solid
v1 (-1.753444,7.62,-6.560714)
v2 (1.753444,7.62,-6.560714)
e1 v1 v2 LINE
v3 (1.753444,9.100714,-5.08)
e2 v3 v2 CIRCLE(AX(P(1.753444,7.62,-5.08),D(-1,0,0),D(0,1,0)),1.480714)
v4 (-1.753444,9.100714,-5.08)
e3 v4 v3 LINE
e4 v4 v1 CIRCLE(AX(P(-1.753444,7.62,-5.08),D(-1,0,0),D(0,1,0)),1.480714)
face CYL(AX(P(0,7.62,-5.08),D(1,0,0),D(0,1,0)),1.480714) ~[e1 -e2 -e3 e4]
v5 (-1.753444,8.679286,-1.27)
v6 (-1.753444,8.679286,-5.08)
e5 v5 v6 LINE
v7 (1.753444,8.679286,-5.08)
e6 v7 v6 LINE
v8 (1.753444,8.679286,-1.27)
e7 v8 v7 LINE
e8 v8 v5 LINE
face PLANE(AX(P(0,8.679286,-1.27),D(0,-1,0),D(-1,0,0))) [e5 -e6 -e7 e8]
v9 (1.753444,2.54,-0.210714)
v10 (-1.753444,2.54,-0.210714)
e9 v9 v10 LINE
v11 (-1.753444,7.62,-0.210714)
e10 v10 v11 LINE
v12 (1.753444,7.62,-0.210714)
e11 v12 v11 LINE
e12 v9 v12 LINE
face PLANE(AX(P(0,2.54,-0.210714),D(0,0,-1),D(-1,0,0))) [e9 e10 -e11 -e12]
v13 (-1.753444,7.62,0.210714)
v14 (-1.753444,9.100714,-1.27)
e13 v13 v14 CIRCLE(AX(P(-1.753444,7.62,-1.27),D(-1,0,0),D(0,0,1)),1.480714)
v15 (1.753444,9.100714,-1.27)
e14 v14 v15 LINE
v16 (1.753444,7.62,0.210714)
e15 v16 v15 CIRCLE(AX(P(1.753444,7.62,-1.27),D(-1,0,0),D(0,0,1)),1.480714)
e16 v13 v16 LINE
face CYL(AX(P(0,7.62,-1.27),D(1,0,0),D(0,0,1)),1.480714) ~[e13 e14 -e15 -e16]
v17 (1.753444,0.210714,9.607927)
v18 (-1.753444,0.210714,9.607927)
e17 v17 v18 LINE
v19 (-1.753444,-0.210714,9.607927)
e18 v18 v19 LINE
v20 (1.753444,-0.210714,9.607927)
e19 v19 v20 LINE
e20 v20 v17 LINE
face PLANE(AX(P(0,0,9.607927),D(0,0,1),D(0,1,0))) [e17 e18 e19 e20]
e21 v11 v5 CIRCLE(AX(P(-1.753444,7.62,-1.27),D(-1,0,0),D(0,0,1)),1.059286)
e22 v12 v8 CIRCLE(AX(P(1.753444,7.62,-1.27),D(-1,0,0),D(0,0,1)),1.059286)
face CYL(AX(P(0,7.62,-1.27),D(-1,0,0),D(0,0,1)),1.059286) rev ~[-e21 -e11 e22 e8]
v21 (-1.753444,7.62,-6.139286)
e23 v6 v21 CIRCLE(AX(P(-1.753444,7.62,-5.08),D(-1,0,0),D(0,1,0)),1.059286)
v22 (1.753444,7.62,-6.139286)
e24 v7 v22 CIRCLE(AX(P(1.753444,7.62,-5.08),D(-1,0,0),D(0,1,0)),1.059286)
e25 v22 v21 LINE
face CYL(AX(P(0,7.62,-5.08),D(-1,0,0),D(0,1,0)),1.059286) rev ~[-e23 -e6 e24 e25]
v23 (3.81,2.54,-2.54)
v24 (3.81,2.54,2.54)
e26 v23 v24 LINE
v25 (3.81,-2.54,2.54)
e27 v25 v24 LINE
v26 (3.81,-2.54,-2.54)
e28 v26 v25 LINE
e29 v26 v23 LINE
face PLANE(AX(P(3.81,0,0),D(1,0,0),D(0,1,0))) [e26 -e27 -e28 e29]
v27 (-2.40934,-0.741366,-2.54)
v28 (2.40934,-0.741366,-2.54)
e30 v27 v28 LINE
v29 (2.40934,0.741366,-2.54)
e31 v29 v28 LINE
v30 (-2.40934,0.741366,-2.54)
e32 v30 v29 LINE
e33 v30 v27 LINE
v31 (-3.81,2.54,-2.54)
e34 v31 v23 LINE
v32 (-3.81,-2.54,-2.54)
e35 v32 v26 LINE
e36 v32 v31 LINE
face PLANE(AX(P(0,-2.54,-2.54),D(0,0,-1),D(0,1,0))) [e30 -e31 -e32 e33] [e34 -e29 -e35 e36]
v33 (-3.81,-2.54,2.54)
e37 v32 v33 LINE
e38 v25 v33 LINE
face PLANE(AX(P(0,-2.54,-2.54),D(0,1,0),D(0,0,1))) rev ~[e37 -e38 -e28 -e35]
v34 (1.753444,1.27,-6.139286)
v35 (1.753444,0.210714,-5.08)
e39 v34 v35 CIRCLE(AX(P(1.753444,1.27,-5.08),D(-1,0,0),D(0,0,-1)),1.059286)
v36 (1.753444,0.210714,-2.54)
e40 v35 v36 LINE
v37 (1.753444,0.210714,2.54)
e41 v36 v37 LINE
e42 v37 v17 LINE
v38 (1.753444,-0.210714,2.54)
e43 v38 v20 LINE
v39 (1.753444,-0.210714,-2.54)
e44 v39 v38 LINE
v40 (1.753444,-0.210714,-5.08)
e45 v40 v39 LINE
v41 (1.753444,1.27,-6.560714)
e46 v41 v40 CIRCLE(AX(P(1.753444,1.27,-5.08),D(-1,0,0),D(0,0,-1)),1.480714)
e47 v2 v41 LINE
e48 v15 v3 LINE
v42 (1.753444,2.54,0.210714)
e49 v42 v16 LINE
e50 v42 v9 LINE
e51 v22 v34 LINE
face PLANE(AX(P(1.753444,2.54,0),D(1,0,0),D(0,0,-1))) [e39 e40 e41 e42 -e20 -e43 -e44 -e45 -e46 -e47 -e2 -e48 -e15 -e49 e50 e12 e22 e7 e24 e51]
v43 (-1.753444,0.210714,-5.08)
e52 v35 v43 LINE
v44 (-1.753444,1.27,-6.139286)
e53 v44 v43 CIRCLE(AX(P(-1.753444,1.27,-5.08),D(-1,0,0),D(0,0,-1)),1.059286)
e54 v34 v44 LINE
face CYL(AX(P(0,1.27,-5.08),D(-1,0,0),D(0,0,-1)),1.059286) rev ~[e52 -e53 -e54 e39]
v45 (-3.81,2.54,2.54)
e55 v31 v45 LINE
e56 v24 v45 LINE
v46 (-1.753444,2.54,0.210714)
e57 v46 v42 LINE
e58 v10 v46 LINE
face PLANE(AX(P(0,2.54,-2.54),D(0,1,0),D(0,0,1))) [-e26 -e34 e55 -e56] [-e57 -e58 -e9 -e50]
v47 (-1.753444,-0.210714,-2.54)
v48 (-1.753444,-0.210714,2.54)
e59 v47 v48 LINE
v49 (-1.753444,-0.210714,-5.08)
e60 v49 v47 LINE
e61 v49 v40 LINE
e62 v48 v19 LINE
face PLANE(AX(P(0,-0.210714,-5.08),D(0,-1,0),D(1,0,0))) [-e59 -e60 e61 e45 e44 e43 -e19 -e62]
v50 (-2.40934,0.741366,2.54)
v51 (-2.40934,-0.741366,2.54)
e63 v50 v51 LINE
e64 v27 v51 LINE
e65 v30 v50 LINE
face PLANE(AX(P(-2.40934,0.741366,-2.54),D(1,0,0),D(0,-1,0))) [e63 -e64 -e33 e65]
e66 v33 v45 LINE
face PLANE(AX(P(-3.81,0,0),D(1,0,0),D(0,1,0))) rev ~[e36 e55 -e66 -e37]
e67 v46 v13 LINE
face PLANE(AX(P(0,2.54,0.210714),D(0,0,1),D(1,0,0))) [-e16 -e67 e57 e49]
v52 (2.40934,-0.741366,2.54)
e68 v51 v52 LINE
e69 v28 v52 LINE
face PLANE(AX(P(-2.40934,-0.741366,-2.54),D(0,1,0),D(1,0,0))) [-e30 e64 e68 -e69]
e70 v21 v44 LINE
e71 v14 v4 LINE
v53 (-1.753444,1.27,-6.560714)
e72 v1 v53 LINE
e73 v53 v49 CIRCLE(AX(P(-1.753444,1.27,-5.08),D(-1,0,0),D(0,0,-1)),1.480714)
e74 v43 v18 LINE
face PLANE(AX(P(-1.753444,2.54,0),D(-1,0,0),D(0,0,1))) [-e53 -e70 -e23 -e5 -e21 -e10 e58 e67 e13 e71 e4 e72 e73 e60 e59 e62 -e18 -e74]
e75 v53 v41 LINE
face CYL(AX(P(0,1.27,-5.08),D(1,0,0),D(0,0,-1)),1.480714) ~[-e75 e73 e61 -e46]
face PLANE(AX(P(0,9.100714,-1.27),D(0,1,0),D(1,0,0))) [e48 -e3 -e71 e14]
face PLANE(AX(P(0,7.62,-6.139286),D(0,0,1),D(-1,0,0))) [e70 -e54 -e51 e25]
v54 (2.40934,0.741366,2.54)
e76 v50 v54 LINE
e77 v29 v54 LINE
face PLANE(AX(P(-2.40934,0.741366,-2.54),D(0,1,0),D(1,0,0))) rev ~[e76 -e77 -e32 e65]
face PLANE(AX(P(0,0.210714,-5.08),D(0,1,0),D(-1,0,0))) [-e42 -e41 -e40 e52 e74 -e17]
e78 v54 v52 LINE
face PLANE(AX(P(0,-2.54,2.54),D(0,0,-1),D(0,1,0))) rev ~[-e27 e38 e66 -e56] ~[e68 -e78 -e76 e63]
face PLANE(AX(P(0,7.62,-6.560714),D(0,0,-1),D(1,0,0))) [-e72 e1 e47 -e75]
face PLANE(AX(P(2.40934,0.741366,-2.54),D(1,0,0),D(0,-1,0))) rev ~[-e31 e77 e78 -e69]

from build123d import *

# Parameters (mm, degrees)
F0_W     = 5.08
F0_H     = 5.08
F1_DEPTH = 3.81
F3_W     = 3.506887937
F3_H     = 0.4214280925
F5_W     = 4.8186806962
F5_H     = 1.4827313134
F5_W_2   = 3.506887937
F5_H_2   = 0.4214280925
F6_DEPTH = 5.08


with BuildPart() as f1:
    # F0 (on Right) → F1 (new body, symmetric)
    with BuildSketch(Plane.YZ):
        Rectangle(F0_W, F0_H)
    extrude(amount=F1_DEPTH, both=True)

    # F4: sweep along a path in F2
    with BuildLine(Plane.YZ) as f4_path:
        Line((2.54, 0), (7.62, 0))
        ThreePointArc((7.62, 0), (8.5180256121, -0.3719743879), (8.89, -1.27))
        Line((8.89, -1.27), (8.89, -5.08))
        ThreePointArc((8.89, -5.08), (8.5180256121, -5.9780256121), (7.62, -6.35))
        Line((7.62, -6.35), (1.27, -6.35))
        ThreePointArc((1.27, -6.35), (0.3719743879, -5.9780256121), (0, -5.08))
        Line((0, -5.08), (0, 9.6079269424))
    # F3 (on face) → F4 (sweep)
    with BuildSketch(Plane(origin=(0, 2.54, 0), x_dir=(-1, 0, 0), z_dir=(0, 1, 0))):
        Rectangle(F3_W, F3_H)
    sweep(path=f4_path.line)

    # F5 (on face) → F6 (cut, through all)
    with BuildSketch(Plane(origin=(0, 0, -2.54), x_dir=(1, 0, 0), z_dir=(0, 0, -1))):
        Rectangle(F5_W, F5_H)
        Rectangle(F5_W_2, F5_H_2, mode=Mode.SUBTRACT)
    extrude(amount=-F6_DEPTH, mode=Mode.SUBTRACT)


solid = f1.part
